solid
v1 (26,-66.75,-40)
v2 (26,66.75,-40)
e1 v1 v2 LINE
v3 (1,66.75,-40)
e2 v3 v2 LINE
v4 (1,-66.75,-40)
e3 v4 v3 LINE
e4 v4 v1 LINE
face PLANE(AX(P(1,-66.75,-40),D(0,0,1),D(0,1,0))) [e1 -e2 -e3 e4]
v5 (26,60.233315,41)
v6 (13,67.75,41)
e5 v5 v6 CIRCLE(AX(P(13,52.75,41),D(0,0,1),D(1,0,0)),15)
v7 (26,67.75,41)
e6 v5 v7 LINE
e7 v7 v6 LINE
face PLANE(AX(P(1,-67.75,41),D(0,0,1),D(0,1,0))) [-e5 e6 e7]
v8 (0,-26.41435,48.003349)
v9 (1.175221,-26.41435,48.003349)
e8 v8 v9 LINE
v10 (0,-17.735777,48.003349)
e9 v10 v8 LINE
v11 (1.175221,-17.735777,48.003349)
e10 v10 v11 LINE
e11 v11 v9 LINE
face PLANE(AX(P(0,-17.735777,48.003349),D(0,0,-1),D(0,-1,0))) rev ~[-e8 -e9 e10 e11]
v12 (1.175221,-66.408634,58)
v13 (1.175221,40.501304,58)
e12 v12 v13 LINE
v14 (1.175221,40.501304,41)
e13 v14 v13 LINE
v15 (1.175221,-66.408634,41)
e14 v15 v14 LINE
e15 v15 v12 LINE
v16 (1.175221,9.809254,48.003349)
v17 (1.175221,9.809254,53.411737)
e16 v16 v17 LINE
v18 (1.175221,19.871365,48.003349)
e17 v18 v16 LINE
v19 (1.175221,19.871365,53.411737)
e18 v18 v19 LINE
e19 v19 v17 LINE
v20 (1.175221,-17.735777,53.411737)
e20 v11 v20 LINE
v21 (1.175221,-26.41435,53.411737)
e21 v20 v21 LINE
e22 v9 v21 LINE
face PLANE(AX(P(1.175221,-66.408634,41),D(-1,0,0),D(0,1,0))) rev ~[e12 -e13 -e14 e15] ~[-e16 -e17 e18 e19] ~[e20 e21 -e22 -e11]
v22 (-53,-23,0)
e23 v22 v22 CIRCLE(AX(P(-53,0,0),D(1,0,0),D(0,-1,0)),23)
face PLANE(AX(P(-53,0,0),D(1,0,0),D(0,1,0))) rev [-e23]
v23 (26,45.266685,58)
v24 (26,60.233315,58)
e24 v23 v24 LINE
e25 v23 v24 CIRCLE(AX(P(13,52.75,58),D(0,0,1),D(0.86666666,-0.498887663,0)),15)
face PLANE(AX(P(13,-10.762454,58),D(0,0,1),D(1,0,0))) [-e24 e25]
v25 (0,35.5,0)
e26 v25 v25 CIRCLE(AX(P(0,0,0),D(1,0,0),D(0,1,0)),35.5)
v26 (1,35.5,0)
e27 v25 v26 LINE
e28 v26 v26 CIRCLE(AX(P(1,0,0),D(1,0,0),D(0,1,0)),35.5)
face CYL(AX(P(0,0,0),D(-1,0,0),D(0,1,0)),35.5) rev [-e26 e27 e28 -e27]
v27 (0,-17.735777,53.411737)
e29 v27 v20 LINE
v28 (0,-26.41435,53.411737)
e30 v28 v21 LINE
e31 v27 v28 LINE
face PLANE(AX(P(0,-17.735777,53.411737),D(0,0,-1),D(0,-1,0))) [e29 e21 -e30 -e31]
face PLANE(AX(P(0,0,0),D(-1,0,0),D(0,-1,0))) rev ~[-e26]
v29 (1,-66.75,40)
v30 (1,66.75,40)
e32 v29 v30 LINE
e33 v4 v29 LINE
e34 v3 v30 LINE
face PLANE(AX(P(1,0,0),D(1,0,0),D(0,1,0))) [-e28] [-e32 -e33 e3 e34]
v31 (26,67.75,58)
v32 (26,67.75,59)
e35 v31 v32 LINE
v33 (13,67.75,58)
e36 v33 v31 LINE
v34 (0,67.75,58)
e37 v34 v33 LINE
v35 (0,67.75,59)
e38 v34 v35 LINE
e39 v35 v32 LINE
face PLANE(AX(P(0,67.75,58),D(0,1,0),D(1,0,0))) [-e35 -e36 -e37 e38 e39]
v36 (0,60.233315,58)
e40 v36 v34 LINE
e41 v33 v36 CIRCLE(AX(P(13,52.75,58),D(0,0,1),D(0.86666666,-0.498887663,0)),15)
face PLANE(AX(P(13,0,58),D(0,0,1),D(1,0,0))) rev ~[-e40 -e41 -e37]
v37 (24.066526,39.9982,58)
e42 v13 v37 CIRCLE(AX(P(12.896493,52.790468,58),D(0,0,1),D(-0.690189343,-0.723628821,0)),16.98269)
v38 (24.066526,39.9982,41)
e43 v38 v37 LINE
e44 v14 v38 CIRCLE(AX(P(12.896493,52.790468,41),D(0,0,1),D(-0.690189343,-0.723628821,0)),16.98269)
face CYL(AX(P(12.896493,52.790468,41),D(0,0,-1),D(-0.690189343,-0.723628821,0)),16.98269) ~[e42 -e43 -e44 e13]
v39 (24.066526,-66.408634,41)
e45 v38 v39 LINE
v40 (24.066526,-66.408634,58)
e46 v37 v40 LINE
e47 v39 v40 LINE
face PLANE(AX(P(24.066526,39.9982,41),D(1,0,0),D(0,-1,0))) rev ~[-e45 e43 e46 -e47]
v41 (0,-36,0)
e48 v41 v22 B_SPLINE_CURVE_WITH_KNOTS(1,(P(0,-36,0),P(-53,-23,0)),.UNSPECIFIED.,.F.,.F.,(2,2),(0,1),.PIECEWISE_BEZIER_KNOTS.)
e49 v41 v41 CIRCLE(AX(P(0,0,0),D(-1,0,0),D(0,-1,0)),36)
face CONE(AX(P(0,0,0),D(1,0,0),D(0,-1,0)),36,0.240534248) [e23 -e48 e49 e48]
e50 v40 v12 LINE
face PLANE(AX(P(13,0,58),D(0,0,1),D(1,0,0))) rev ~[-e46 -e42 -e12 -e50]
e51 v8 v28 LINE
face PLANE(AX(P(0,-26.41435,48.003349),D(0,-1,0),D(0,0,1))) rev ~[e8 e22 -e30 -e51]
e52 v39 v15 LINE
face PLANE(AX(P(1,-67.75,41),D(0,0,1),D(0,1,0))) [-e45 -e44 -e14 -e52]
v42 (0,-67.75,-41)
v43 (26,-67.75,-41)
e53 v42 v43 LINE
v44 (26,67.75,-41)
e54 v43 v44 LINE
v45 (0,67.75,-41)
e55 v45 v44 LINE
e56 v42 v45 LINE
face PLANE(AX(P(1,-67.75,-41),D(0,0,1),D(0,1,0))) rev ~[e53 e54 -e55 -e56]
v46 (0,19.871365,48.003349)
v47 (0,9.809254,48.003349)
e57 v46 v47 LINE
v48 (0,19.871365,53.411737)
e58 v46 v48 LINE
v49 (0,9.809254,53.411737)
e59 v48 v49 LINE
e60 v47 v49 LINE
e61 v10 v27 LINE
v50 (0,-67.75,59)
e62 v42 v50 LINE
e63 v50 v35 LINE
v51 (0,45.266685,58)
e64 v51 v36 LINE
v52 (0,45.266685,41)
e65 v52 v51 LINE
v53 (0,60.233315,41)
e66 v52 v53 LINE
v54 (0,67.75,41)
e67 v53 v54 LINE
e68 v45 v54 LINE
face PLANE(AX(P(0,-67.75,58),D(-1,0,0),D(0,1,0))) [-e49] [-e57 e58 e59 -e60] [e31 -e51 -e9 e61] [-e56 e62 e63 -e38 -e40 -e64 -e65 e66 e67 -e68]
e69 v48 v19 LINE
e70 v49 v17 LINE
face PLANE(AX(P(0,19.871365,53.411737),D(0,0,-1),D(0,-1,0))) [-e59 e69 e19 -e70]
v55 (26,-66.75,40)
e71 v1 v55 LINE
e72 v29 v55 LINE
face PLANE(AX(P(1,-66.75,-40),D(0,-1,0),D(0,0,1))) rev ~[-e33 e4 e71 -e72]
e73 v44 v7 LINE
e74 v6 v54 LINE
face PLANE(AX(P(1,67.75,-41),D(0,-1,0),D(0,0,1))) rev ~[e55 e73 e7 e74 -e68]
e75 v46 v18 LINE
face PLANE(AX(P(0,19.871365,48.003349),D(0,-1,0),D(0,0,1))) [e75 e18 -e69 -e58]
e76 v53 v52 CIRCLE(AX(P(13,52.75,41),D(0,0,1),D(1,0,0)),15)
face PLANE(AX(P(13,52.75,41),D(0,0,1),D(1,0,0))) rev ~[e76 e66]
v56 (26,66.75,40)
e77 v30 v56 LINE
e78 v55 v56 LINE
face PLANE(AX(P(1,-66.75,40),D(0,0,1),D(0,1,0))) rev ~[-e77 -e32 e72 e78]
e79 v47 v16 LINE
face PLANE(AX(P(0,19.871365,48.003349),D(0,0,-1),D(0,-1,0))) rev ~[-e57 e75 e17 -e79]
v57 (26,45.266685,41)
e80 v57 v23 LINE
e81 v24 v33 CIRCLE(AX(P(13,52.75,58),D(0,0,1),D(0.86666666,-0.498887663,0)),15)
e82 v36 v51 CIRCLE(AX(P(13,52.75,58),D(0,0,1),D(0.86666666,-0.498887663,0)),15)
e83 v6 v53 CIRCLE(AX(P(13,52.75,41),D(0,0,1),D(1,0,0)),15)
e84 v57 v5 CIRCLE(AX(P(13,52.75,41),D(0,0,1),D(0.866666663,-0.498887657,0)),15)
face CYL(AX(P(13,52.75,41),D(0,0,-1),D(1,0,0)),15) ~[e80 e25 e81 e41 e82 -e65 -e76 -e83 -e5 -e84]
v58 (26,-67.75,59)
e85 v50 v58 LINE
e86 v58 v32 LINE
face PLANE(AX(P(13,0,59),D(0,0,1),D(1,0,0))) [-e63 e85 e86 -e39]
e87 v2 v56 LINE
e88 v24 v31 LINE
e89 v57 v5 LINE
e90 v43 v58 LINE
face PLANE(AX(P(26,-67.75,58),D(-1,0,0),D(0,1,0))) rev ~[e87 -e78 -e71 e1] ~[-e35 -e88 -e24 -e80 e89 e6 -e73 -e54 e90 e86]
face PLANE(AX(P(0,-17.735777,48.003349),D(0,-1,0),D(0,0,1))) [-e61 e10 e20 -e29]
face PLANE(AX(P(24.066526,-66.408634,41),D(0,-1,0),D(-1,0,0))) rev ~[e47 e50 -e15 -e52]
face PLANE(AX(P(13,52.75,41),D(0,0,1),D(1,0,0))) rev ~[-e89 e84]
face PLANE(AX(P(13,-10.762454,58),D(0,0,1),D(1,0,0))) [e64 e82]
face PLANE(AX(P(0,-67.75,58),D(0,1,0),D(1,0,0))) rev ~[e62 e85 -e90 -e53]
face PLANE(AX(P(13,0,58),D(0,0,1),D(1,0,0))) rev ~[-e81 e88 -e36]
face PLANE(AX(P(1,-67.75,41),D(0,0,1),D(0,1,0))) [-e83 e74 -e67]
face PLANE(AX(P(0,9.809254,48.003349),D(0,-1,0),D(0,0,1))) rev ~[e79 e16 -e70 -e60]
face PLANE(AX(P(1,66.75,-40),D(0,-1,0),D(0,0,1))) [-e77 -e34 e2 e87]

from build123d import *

# Parameters (mm, degrees)
F0_W      = 135.5
F0_H      = 82
F0_R      = 35.5
F1_DEPTH  = 1
F2_R      = 36
F4_R      = 23
F6_W      = 135.5
F6_H      = 82
F6_W_2    = 133.5
F6_H_2    = 80
F7_DEPTH  = 25
F8_R      = 15
F9_DEPTH  = 17
F11_DEPTH = 17
F12_W     = 26
F12_H     = 135.5
F13_DEPTH = 1
F14_W     = 8.678573
F14_H     = 5.408388
F14_W_2   = 10.062111
F15_DEPTH = 17.4


with BuildPart() as f1:
    # F0 (on Right) → F1 (new body)
    with BuildSketch(Plane.YZ):
        Rectangle(F0_W, F0_H)
        Circle(F0_R, mode=Mode.SUBTRACT)
    extrude(amount=F1_DEPTH)

    # F2 (on face) → F5 section 0
    with BuildSketch(Plane(origin=(0, 0, 0), x_dir=(0, -1, 0), z_dir=(-1, 0, 0))):
        Circle(F2_R)
    # F4 (on offset) → F5 section 1
    with BuildSketch(Plane.YZ.offset(-53)):
        Circle(F4_R)
    loft()

    # F6 (on face) → F7 (join)
    with BuildSketch(Plane.YZ.offset(1)):
        Rectangle(F6_W, F6_H)
        Rectangle(F6_W_2, F6_H_2, mode=Mode.SUBTRACT)
    extrude(amount=F7_DEPTH)

    # F8 (on face) → F9 (join)
    with BuildSketch(Plane.XY.offset(41)):
        with Locations((13, 52.75)):
            Circle(F8_R)
    extrude(amount=F9_DEPTH)

    # F10 (on face) → F11 (join)
    with BuildSketch(Plane.XY.offset(41)):
        with BuildLine():
            Line((0, -67.75), (26, -67.75))
            Line((26, -67.75), (26, 45.266685))
            ThreePointArc((26, 45.266685), (13, 37.770541), (0, 45.266685))
            Line((0, 45.266685), (0, -67.75))
        make_face()
        with BuildLine():
            Line((24.066526, -66.408634), (1.175221, -66.408634))
            Line((1.175221, -66.408634), (1.175221, 40.501304))
            ThreePointArc((1.175221, 40.501304), (12.523338, 35.811878), (24.066526, 39.9982))
            Line((24.066526, 39.9982), (24.066526, -66.408634))
        make_face(mode=Mode.SUBTRACT)
    extrude(amount=F11_DEPTH)

    # F12 (on face) → F13 (join)
    with BuildSketch(Plane.XY.offset(58)):
        with Locations((13, 0)):
            Rectangle(F12_W, F12_H)
    extrude(amount=F13_DEPTH)

    # F14 (on face) → F15 (cut)
    with BuildSketch(Plane(origin=(0, 0, 0), x_dir=(0, -1, 0), z_dir=(-1, 0, 0))):
        with Locations((22.075063, 50.707543)):
            Rectangle(F14_W, F14_H)
        with Locations((-14.84031, 50.707543)):
            Rectangle(F14_W_2, F14_H)
    extrude(amount=-F15_DEPTH, mode=Mode.SUBTRACT)


solid = f1.part
